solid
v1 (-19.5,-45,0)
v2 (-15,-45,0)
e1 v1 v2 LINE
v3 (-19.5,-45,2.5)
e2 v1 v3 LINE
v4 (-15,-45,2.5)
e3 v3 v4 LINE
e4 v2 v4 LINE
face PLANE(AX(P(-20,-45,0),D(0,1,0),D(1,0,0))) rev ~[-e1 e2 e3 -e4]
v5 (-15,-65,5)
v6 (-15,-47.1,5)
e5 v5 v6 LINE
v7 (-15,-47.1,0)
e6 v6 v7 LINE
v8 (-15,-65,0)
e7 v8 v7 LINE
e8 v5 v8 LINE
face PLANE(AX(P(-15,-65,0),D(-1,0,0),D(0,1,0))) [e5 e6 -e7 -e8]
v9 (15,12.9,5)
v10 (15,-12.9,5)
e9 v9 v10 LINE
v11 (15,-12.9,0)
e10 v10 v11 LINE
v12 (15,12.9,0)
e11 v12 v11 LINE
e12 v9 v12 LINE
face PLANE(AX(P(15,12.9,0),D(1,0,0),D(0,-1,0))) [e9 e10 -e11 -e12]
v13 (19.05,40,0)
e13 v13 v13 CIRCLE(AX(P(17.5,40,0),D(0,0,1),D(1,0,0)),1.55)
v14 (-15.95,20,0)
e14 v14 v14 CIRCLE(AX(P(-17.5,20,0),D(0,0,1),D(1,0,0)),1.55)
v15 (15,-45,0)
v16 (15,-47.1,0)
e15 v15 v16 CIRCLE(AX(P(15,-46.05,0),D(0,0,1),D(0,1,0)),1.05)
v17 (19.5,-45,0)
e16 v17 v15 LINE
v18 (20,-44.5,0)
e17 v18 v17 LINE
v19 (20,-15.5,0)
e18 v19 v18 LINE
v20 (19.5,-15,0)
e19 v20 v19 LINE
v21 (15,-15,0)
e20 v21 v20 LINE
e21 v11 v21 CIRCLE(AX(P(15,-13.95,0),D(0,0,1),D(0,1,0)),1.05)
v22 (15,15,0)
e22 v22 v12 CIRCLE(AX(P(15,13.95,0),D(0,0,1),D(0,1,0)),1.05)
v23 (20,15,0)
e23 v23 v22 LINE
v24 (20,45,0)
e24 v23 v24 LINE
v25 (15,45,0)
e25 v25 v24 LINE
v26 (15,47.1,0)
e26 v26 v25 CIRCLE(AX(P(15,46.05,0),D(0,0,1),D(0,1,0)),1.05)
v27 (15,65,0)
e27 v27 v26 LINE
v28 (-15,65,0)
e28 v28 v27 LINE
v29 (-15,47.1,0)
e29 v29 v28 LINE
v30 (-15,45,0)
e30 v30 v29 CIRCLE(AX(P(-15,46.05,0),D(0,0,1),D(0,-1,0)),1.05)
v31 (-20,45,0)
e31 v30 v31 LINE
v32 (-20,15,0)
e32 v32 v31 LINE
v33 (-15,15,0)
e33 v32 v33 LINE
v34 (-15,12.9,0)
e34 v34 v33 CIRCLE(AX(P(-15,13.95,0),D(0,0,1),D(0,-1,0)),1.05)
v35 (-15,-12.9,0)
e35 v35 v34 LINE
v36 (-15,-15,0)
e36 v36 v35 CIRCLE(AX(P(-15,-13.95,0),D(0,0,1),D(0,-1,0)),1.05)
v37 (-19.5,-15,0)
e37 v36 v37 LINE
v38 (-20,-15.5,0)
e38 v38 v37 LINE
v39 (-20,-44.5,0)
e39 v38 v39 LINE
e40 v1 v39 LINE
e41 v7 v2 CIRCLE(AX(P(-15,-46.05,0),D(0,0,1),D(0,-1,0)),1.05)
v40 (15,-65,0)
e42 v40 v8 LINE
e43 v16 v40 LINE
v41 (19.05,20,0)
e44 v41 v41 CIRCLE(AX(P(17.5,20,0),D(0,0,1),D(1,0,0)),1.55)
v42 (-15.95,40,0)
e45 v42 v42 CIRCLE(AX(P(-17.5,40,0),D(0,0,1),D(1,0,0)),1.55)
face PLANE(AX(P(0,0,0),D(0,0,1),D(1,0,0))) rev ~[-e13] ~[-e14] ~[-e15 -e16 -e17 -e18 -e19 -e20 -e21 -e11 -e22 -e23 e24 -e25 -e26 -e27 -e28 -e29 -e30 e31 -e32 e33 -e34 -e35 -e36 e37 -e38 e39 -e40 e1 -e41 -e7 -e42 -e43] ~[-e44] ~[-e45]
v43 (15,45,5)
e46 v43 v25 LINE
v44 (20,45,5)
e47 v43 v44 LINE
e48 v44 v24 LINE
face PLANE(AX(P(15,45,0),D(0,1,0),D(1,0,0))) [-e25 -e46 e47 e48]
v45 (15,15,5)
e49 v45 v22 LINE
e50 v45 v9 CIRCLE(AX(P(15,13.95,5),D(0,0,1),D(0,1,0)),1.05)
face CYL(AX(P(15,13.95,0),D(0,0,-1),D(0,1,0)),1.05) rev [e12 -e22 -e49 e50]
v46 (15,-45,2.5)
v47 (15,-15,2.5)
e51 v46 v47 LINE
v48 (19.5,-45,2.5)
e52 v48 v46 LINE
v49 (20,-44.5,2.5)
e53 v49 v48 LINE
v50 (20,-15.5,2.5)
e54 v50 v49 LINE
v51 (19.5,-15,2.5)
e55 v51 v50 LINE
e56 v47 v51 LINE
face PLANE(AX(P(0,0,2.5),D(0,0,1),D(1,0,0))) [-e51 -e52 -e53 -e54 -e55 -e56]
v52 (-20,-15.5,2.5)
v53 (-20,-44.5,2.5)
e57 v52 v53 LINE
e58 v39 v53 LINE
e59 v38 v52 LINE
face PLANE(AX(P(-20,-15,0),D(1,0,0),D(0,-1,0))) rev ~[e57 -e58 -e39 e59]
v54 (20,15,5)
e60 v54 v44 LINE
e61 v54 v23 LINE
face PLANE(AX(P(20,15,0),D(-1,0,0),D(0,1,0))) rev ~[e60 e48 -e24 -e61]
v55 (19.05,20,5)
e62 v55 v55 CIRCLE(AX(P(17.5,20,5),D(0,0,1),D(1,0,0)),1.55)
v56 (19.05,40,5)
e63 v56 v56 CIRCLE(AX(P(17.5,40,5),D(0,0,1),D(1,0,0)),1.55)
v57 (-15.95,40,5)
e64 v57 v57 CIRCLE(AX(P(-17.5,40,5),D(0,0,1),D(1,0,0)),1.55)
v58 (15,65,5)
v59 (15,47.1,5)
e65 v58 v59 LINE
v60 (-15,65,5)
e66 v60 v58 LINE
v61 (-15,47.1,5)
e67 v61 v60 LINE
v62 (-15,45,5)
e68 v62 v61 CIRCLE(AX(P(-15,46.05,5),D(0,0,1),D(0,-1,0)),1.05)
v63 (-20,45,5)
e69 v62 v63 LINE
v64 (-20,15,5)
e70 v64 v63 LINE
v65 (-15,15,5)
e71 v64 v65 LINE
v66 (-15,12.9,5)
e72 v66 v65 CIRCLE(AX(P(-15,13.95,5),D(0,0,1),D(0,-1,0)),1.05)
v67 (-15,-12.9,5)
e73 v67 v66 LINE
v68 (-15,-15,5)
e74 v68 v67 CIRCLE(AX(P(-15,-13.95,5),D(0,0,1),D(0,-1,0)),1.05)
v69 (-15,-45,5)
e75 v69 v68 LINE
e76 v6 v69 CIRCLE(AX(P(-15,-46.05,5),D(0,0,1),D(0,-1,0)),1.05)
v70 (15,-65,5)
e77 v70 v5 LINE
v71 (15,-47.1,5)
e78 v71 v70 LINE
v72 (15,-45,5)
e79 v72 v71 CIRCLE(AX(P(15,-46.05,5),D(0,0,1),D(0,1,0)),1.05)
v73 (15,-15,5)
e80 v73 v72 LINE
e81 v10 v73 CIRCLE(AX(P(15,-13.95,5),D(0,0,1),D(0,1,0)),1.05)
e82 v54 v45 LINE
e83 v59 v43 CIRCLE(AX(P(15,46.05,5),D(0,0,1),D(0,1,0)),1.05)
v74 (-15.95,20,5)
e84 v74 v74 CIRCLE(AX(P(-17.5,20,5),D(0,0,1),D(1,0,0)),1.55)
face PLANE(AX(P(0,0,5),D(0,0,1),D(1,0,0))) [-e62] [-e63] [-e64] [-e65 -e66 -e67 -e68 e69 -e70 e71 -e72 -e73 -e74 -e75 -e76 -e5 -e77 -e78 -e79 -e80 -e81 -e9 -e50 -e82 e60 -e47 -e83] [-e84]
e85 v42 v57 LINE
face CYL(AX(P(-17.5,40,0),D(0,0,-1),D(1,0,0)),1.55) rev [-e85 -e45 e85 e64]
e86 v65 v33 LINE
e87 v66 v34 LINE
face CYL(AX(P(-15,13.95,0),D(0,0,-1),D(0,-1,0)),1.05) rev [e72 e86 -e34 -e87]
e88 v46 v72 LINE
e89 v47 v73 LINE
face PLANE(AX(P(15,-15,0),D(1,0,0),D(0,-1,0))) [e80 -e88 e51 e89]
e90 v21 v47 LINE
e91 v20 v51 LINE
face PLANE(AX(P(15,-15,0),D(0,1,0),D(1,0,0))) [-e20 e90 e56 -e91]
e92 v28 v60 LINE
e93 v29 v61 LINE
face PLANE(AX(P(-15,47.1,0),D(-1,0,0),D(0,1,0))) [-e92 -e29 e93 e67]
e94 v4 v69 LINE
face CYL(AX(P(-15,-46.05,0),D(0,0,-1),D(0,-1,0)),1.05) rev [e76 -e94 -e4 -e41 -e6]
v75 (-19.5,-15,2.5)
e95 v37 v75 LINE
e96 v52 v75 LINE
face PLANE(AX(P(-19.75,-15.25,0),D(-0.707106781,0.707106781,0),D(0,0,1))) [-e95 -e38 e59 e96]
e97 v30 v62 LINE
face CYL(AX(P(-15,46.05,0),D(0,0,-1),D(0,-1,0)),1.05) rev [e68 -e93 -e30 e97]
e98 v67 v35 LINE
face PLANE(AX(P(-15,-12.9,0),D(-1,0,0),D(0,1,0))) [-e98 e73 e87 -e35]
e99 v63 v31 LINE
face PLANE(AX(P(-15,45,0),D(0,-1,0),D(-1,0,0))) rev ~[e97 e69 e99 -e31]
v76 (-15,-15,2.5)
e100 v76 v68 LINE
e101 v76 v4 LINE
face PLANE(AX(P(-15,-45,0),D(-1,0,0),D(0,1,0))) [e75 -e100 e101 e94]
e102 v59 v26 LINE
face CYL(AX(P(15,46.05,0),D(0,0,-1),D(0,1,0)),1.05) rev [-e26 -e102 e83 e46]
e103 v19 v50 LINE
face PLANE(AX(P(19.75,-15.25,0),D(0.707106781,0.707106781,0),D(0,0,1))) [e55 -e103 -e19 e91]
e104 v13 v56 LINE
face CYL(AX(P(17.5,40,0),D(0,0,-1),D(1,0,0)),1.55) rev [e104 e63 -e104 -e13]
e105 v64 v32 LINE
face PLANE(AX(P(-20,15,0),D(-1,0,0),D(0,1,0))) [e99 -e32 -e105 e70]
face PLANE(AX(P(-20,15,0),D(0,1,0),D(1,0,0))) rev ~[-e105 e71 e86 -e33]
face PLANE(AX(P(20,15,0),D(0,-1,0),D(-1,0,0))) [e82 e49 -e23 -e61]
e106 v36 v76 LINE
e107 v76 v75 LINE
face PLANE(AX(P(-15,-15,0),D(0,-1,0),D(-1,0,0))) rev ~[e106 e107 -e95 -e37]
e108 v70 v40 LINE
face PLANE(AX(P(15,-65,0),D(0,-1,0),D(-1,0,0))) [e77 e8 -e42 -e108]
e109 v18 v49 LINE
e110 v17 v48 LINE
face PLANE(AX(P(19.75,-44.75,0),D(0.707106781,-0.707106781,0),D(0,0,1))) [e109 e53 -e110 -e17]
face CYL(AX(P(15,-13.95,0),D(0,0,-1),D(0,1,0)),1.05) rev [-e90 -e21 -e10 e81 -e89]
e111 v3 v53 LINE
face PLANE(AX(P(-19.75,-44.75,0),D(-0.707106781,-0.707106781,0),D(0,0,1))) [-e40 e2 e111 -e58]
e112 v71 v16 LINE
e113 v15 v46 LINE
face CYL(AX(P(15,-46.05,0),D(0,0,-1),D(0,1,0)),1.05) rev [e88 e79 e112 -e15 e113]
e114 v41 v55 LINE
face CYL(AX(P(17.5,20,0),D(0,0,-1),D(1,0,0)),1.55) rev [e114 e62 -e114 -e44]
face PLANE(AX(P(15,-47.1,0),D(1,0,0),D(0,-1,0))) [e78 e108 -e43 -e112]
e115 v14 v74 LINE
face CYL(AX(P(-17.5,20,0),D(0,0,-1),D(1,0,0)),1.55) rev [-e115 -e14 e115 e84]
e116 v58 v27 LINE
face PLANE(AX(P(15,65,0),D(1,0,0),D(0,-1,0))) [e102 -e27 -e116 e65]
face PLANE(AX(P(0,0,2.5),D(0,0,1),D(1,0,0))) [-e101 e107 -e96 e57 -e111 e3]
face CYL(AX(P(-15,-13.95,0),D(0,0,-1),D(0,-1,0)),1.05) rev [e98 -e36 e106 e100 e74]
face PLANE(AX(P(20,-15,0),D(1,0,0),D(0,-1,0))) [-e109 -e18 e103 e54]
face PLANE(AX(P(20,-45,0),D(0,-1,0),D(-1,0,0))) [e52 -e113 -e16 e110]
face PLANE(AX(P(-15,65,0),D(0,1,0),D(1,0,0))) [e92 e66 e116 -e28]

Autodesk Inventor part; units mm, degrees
ref_plane "YZ Plane" through (0, 0, 0) normal (1, 0, 0) x (0, 1, 0)
ref_plane "XZ Plane" through (0, 0, 0) normal (0, 1, 0) x (-1, 0, 0)
ref_plane "XY Plane" through (0, 0, 0) normal (0, 0, 1) x (1, 0, 0)
sketch "スケッチ1" plane through (0, 0, 0) normal (0, 0, 1) x (1, 0, 0)
  line L0 (-15, 65) -> (15, 65)
  line L1 (15, 65) -> (15, 47.1)
  line L2 (15, -65) -> (-15, -65)
  line L3 (-15, -65) -> (-15, -47.1)
  line L4 (-15, 65) -> (15, -65) construction
  line L5 (15, 65) -> (-15, -65) construction
  line L6 (-15, 45) -> (-20, 45)
  line L7 (-20, 45) -> (-20, 45)
  line L8 (-20, 15) -> (-15, 15)
  line L9 (-20, 15) -> (-20, 45)
  line L10 (-15, -15) -> (-20, -15)
  line L11 (-20, -15) -> (-20, -45)
  line L12 (-20, -45) -> (-15, -45)
  arc A0 (-15, 45) -> (-15, 47.1) centre (-15, 46.05) ccw
  arc A1 (-15, 12.9) -> (-15, 15) centre (-15, 13.95) ccw
  arc A2 (-15, -15) -> (-15, -12.9) centre (-15, -13.95) ccw
  arc A3 (-15, -47.1) -> (-15, -45) centre (-15, -46.05) ccw
  line L13 (-15, 47.1) -> (-15, 65)
  line L14 (-15, 12.9) -> (-15, 47.1) construction
  line L15 (-15, -12.9) -> (-15, 12.9)
  line L16 (-15, -47.1) -> (-15, -45) construction
  line L17 (0, 65) -> (0, -65) construction
  line L18 (15, 45) -> (20, 45)
  line L19 (20, 15) -> (15, 15)
  line L20 (20, 15) -> (20, 45)
  line L21 (15, -15) -> (20, -15)
  line L22 (20, -15) -> (20, -45)
  line L23 (20, -45) -> (15, -45)
  arc A4 (15, 47.1) -> (15, 45) centre (15, 46.05) ccw
  arc A5 (15, 15) -> (15, 12.9) centre (15, 13.95) ccw
  arc A6 (15, -12.9) -> (15, -15) centre (15, -13.95) ccw
  arc A7 (15, -45) -> (15, -47.1) centre (15, -46.05) ccw
  line L24 (15, 47.1) -> (15, 12.9) construction
  line L25 (15, 12.9) -> (15, -12.9)
  line L26 (15, -47.1) -> (15, -65)
  line L27 (15, -12.9) -> (15, -15) construction
  circle A8 centre (-17.5, 40) radius 1.55
  circle A9 centre (-17.5, 20) radius 1.55
  circle A10 centre (17.5, 20) radius 1.55
  circle A11 centre (17.5, 40) radius 1.55
  line L28 (-15, -15) -> (-15, -12.9) construction
  line L29 (-15, -45) -> (-15, -15)
  line L30 (15, -15) -> (15, -45)
  line L31 (15, -45) -> (15, -47.1) construction
  point P0 (0, 0)
  dimension "d8" = 30
  dimension "d9" = 130
  dimension "d10" = 20
  dimension "d11" = 30
  dimension "d12" = 30
  dimension "d13" = 30
  dimension "d16" = 1.05
  dimension "d17" = 1.05
  dimension "d18" = 1.05
  dimension "d19" = 1.05
  dimension "d20" = 5
  dimension "d23" = 20
  dimension "d24" = 5
  dimension "d25" = 5
  dimension "d28" = 2.5
  dimension "d29" = 2.5
  dimension "d33" = 3.1
  dimension "d38" = 3.1
  dimension "d39" = 20
extrude "押し出し1" add sketch "スケッチ1" along normal blind 2.5
extrude "押し出し2" add sketch "スケッチ1" along normal blind 5 contours L0 L1 A4 L18 L20 L19 A5 L25 A6 L30 A7 L26 L2 L3 A3 L29 A2 L15 A1 L8 L9 L6 A0 L13
chamfer "面取り1" distance 0.5 angle 45 4 edges at (20, -15, 1.25) (20, -45, 1.25) (-20, -15, 1.25) (-20, -45, 1.25)
equation "\"d10\" = -0.5 * d12 + 0.5 * d9 - d11"
equation "\"d13\" = d11"
equation "\"d17\" = d16"
equation "\"d18\" = d17"
equation "\"d19\" = d18"
equation "\"d25\" = d24"
equation "\"d28\" = 0.5 * d20"
equation "\"d29\" = d28"
equation "\"d33\" = d38"
properties part number "Cockpit_lower_bottom_frame" material "アセタール樹脂、黒"
